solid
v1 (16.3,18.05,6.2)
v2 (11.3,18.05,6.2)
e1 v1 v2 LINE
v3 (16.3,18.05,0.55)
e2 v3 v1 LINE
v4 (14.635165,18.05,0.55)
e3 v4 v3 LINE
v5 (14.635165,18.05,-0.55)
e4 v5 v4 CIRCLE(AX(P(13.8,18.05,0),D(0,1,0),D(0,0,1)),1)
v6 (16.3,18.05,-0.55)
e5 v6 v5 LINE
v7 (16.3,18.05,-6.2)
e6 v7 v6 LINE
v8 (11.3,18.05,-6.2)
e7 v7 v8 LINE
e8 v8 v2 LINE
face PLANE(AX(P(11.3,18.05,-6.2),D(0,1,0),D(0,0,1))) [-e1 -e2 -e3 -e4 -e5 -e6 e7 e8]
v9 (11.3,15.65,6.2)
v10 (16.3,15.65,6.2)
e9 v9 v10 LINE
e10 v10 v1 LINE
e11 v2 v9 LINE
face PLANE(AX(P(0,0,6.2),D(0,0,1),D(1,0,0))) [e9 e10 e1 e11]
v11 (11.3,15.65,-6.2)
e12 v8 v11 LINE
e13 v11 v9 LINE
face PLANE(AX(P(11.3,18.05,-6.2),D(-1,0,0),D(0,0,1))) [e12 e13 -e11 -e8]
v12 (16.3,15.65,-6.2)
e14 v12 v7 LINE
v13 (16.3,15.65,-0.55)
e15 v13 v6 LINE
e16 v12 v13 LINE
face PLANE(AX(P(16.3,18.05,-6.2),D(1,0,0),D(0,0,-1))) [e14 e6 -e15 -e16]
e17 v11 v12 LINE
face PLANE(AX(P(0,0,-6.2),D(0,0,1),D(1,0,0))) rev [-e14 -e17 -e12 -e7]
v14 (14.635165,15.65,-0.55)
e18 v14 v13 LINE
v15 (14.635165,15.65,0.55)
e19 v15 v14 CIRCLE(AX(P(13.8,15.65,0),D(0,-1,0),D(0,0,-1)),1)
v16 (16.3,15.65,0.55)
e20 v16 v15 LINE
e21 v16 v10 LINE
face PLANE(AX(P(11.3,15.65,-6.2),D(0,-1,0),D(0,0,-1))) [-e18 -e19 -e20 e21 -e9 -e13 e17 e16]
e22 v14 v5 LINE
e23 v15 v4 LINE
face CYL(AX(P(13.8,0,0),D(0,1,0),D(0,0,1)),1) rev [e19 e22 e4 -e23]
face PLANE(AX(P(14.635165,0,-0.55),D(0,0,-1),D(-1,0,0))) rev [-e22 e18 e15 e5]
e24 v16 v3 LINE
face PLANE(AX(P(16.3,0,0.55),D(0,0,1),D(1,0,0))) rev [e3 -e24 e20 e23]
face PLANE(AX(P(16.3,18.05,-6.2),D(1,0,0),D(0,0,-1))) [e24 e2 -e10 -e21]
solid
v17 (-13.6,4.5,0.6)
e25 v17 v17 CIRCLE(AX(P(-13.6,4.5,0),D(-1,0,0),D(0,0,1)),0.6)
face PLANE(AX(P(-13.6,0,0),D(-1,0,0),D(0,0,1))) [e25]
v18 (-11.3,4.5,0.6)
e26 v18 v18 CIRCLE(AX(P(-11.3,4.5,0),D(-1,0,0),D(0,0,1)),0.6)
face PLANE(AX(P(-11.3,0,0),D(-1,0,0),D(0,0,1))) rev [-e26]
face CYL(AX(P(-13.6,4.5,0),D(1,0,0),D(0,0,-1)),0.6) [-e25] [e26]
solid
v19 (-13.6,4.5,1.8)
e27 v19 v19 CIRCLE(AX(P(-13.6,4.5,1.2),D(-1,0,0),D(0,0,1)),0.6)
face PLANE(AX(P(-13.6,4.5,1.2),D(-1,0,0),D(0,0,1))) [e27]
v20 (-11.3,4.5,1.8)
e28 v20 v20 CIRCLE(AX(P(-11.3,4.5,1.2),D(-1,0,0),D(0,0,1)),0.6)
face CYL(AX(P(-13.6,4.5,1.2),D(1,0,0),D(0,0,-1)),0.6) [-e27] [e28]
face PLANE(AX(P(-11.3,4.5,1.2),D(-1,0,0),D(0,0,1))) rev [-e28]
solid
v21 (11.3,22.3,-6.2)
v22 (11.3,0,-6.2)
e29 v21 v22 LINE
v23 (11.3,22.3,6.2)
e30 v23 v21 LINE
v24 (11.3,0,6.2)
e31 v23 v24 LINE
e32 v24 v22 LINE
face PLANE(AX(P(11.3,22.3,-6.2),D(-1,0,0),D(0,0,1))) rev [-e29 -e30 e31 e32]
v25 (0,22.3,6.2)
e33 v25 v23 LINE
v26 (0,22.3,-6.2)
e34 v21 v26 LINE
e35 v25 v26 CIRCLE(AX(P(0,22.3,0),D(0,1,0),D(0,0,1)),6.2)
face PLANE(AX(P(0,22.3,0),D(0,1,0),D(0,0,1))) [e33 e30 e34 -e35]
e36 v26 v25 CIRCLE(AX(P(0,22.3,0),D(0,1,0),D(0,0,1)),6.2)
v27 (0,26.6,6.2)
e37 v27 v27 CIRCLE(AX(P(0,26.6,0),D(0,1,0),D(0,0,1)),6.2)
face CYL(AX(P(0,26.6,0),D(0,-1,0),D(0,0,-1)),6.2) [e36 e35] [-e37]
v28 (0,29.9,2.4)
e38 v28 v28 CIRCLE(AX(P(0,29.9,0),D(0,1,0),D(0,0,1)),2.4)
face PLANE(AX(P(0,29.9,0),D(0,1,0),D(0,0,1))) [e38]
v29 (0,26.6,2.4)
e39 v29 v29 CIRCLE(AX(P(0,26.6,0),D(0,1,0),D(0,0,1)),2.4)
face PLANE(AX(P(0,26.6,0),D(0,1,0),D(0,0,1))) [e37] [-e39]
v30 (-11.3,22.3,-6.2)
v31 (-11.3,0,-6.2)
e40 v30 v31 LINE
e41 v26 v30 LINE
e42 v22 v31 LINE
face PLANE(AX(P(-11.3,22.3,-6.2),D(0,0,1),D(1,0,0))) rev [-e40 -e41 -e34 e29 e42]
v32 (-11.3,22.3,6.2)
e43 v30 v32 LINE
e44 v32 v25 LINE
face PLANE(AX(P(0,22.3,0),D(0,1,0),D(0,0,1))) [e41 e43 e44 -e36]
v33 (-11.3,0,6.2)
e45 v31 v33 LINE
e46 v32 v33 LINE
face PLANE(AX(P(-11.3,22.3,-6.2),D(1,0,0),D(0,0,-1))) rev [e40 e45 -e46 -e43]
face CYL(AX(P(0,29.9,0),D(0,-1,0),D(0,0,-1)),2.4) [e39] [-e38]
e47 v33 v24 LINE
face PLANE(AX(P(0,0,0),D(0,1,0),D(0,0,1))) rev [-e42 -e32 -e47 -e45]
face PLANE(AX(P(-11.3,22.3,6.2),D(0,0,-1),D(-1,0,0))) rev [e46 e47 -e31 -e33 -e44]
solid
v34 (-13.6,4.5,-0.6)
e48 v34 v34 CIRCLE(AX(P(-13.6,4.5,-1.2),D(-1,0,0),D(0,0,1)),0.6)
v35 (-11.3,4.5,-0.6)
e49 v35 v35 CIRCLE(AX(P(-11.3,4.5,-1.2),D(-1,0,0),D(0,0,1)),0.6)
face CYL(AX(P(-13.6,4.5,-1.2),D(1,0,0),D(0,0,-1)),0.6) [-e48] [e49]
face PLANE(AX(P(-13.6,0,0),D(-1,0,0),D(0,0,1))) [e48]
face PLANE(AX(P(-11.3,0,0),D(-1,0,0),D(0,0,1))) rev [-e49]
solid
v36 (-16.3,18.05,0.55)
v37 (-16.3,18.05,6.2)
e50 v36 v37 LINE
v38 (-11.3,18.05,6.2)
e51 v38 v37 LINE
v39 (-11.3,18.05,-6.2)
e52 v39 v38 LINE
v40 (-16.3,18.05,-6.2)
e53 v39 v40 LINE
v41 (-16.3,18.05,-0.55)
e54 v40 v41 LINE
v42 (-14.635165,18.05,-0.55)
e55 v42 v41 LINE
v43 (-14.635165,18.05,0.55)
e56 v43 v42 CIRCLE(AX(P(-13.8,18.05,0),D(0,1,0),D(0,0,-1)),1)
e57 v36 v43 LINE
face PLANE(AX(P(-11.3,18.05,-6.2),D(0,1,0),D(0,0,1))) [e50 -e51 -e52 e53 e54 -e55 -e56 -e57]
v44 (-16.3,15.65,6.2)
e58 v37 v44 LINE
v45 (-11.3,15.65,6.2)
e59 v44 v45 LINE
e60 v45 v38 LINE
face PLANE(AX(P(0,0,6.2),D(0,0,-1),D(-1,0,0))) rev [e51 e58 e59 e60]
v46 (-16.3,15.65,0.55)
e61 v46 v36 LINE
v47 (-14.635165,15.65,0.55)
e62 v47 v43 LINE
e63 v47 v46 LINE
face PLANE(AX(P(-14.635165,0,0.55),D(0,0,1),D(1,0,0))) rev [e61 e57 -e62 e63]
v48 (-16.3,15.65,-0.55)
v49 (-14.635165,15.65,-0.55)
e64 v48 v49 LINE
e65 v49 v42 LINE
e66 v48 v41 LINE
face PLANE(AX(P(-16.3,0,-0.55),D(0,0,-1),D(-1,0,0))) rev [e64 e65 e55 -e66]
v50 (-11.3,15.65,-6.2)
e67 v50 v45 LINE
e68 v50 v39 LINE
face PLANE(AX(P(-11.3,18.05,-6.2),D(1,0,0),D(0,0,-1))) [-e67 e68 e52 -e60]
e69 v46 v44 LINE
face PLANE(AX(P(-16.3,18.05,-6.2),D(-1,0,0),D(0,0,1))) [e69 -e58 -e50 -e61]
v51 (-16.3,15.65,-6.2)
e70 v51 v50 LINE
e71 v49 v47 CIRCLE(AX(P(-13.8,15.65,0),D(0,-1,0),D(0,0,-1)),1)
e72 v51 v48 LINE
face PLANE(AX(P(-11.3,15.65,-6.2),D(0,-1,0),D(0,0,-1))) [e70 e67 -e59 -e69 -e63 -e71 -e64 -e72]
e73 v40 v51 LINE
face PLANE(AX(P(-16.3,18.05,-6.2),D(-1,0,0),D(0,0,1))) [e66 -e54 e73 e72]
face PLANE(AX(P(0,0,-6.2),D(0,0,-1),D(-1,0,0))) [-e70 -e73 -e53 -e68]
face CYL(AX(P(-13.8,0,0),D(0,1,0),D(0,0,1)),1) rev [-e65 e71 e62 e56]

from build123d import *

# Parameters (mm, degrees)
SKETCH_1_W          = 22.6
SKETCH_1_H          = 12.4
EXTRUDE_1_DEPTH     = 22.3
SKETCH_2_W          = 5
SKETCH_2_H          = 2.4
EXTRUDE_2_DEPTH     = 12.4
EXTRUDE_2_2_DEPTH   = 12.4
CUT_EXTRUDE_1_DEPTH = 26.098456128
SKETCH_4_R          = 6.2
EXTRUDE_3_DEPTH     = 4.3
SKETCH_5_R          = 2.4
EXTRUDE_4_DEPTH     = 3.3
SKETCH_6_R          = 0.6
EXTRUDE_8_DEPTH     = 2.3
EXTRUDE_8_2_DEPTH   = 2.3
EXTRUDE_8_3_DEPTH   = 2.3


with BuildPart() as part:
    # 草图1 → 凸台-拉伸1 (new body)
    with BuildSketch(Plane(origin=(0, 0, 0), x_dir=(1, 0, 0), z_dir=(0, 1, 0))):
        Rectangle(SKETCH_1_W, SKETCH_1_H)
    extrude(amount=EXTRUDE_1_DEPTH)

    # 草图4 → 凸台-拉伸3 (add)
    with BuildSketch(Plane(origin=(0, 22.3, 0), x_dir=(1, 0, 0), z_dir=(0, 1, 0))):
        with Locations(Location((0, 0, 0), (0, 0, 270))):
            Circle(SKETCH_4_R)
    extrude(amount=EXTRUDE_3_DEPTH)

    # 草图5 → 凸台-拉伸4 (add)
    with BuildSketch(Plane(origin=(0, 26.6, 0), x_dir=(1, 0, 0), z_dir=(0, 1, 0))):
        with Locations(Location((0, 0, 0), (0, 0, 270))):
            Circle(SKETCH_5_R)
    extrude(amount=EXTRUDE_4_DEPTH)


with BuildPart() as body_2:
    # 草图2 → 凸台-拉伸2 (new, through all)
    with BuildSketch(Plane.XY.offset(6.2)):
        with Locations((13.8, 16.85)):
            Rectangle(SKETCH_2_W, SKETCH_2_H)
    extrude(amount=-EXTRUDE_2_DEPTH)


with BuildPart() as body_3:
    # 草图2 → Extrude 2 2 (new, through all)
    with BuildSketch(Plane.XY.offset(6.2)):
        with Locations((-13.8, 16.85)):
            Rectangle(SKETCH_2_W, SKETCH_2_H)
    extrude(amount=-EXTRUDE_2_2_DEPTH)


with BuildPart() as cut_extrude_1_tool:
    # 草图3 → 切除-拉伸1 (new, through all)
    with BuildSketch(Plane(origin=(0, 18.05, 0), x_dir=(1, 0, 0), z_dir=(0, 1, 0))):
        with BuildLine():
            Line((14.635164654, 0.55), (16.3, 0.55))
            Line((16.3, 0.55), (16.3, -0.55))
            Line((16.3, -0.55), (14.635164654, -0.55))
            ThreePointArc((14.635164654, -0.55), (12.8, 0), (14.635164654, 0.55))
        make_face()
        with BuildLine():
            Line((-14.635164654, -0.55), (-16.3, -0.55))
            Line((-16.3, -0.55), (-16.3, 0.55))
            Line((-16.3, 0.55), (-14.635164654, 0.55))
            ThreePointArc((-14.635164654, 0.55), (-12.8, 0), (-14.635164654, -0.55))
        make_face()
    extrude(amount=-CUT_EXTRUDE_1_DEPTH)


with BuildPart() as body_2_1:
    add(body_2.part)

    # 切除-拉伸1: cut by cut_extrude_1_tool
    add(cut_extrude_1_tool.part, mode=Mode.SUBTRACT)


with BuildPart() as body_3_1:
    add(body_3.part)

    # 切除-拉伸1: cut by cut_extrude_1_tool
    add(cut_extrude_1_tool.part, mode=Mode.SUBTRACT)


with BuildPart() as body_4:
    # 草图6 → 凸台-拉伸8 (new body)
    with BuildSketch(Plane.ZY.offset(11.3)):
        with Locations((0, 4.5)):
            Circle(SKETCH_6_R)
    extrude(amount=EXTRUDE_8_DEPTH)


with BuildPart() as body_5:
    # 草图6 → Extrude 8 2 (new body)
    with BuildSketch(Plane.ZY.offset(11.3)):
        with Locations((1.2, 4.5)):
            Circle(SKETCH_6_R)
    extrude(amount=EXTRUDE_8_2_DEPTH)


with BuildPart() as body_6:
    # 草图6 → Extrude 8 3 (new body)
    with BuildSketch(Plane.ZY.offset(11.3)):
        with Locations((-1.2, 4.5)):
            Circle(SKETCH_6_R)
    extrude(amount=EXTRUDE_8_3_DEPTH)


solid = Compound([part.part, body_2_1.part, body_3_1.part, body_4.part, body_5.part, body_6.part])
